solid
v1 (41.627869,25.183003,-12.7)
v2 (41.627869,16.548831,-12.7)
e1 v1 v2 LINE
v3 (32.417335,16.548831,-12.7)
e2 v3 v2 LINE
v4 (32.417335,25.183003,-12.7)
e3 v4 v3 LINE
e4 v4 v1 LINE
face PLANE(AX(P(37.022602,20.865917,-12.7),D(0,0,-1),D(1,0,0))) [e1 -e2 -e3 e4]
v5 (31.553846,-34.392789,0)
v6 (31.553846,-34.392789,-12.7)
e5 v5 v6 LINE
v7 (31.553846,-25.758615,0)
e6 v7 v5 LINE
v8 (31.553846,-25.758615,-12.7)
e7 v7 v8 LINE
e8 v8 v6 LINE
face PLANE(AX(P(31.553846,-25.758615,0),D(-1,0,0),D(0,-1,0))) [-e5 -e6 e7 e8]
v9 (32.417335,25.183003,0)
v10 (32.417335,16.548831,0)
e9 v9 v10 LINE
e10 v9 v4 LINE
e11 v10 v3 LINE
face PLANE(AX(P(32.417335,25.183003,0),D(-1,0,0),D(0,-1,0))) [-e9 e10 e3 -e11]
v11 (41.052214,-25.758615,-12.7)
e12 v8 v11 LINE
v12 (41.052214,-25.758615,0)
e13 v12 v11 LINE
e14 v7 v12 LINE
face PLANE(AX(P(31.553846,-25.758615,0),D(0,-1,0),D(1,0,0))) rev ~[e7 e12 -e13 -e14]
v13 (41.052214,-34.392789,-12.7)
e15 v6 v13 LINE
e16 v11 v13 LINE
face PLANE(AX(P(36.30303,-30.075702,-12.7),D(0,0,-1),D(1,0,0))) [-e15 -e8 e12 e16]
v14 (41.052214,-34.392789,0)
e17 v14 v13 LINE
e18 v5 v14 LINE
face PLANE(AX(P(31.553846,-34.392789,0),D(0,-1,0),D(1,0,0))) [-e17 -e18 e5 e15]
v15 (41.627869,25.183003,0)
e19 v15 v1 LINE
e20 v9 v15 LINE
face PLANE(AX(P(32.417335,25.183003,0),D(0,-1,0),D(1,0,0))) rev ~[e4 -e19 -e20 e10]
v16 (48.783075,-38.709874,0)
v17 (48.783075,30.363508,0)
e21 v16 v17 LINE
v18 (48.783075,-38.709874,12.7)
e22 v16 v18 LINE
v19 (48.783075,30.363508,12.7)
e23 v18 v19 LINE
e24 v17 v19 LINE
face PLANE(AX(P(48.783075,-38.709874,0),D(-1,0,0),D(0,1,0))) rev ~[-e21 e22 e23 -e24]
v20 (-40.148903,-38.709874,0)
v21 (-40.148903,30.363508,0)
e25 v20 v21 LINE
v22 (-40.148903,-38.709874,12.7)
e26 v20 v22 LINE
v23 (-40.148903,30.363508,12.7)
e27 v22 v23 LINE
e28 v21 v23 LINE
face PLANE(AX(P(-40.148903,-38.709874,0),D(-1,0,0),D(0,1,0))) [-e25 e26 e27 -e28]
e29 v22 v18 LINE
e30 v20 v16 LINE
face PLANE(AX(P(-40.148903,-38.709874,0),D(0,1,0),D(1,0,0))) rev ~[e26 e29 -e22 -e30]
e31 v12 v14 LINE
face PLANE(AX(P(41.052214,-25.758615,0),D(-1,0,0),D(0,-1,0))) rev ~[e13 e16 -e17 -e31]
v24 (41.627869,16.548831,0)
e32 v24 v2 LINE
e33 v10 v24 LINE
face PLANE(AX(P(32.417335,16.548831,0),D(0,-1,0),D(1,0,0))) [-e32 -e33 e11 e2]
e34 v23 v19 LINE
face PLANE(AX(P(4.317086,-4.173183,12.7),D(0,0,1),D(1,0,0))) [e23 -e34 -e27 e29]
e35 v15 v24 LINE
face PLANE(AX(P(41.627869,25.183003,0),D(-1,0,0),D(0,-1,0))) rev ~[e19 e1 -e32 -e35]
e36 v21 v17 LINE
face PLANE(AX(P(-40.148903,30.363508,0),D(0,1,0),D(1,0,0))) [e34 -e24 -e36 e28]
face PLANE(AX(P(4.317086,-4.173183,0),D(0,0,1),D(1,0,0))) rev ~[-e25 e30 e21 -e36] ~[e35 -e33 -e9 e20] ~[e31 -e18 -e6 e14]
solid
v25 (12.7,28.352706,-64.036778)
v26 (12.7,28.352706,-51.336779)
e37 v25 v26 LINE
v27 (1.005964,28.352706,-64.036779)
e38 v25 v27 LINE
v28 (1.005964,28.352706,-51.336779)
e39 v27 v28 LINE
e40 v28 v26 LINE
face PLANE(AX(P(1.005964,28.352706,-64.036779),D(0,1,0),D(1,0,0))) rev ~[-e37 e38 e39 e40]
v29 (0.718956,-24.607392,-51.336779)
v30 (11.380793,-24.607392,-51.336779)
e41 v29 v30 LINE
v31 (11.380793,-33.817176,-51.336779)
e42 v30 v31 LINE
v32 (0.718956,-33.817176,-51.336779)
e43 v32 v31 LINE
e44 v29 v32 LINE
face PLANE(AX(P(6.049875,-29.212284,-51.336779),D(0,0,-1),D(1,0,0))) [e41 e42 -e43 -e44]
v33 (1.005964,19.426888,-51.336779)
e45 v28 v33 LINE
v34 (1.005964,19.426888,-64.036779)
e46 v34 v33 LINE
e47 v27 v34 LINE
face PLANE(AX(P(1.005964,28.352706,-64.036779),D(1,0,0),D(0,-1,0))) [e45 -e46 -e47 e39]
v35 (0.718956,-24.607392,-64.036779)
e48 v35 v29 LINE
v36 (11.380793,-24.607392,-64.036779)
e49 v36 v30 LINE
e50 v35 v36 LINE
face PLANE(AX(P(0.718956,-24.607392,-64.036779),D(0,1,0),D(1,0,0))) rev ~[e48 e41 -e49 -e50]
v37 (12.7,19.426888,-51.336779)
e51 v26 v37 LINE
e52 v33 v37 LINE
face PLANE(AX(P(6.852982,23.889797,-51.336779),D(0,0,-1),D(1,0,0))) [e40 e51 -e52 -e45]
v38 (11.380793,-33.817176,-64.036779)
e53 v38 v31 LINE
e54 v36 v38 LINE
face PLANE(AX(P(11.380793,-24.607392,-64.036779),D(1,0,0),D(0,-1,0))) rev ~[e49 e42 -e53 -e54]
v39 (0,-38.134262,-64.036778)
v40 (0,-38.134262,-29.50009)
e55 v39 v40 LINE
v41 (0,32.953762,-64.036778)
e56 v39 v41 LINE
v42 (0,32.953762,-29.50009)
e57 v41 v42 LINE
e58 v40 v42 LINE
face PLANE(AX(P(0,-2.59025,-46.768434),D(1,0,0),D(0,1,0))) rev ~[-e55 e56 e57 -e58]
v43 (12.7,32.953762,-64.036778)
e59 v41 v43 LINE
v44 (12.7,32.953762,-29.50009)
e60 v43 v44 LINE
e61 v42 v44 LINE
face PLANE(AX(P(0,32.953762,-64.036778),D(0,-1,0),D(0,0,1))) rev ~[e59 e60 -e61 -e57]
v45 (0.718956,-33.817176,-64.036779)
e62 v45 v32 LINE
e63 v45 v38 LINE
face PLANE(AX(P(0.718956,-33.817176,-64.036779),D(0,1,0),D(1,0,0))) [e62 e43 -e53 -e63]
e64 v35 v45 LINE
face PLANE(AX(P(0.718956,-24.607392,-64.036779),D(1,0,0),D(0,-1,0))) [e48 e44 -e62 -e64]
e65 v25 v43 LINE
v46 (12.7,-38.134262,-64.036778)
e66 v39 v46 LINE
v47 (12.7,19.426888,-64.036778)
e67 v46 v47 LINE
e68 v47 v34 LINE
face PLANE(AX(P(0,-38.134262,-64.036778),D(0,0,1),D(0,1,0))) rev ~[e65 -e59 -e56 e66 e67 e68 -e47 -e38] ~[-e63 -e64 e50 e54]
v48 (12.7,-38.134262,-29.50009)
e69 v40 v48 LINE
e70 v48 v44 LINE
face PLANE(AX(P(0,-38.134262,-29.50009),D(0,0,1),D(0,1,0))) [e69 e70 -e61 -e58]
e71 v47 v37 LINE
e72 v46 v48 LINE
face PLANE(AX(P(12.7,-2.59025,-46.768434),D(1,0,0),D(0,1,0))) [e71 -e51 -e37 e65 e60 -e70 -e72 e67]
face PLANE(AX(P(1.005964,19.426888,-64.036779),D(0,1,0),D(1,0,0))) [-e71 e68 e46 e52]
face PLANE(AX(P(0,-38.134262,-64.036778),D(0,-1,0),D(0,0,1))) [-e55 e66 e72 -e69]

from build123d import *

# Parameters (mm, degrees)
F0_W     = 88.931978
F0_H     = 69.073383
F1_DEPTH = 12.7
F2_W     = 9.498369
F2_H     = 8.634174
F2_W_2   = 9.210534
F2_H_2   = 8.634172
F3_DEPTH = 12.7
F4_W     = 71.088024
F4_H     = 34.536689
F5_DEPTH = 12.7
F6_W     = 10.661837
F6_H     = 9.209784
F6_W_2   = 11.694036
F6_H_2   = 8.925818
F7_DEPTH = 12.7


with BuildPart() as f1:
    # F0 (on Top) → F1 (new body)
    with BuildSketch(Plane.XY):
        with Locations((4.317086, -4.173183)):
            Rectangle(F0_W, F0_H)
    extrude(amount=F1_DEPTH)

    # F2 (on face) → F3 (join)
    with BuildSketch(Plane(origin=(0, 0, 0), x_dir=(1, 0, 0), z_dir=(0, 0, -1))):
        with Locations((36.30303, 30.075702)):
            Rectangle(F2_W, F2_H)
        with Locations((37.022602, -20.865917)):
            Rectangle(F2_W_2, F2_H_2)
    extrude(amount=F3_DEPTH)


with BuildPart() as f5:
    # F4 (on Right) → F5 (new body)
    with BuildSketch(Plane.YZ):
        with Locations((-2.59025, -46.768434)):
            Rectangle(F4_W, F4_H)
    extrude(amount=F5_DEPTH)

    # F6 (on face) → F7 (cut)
    with BuildSketch(Plane(origin=(0, 0, -64.036779), x_dir=(1, 0, 0), z_dir=(0, 0, -1))):
        with Locations((6.049875, 29.212284)):
            Rectangle(F6_W, F6_H)
        with Locations((6.852982, -23.889797)):
            Rectangle(F6_W_2, F6_H_2)
    extrude(amount=-F7_DEPTH, mode=Mode.SUBTRACT)


solid = Compound([f1.part, f5.part])
